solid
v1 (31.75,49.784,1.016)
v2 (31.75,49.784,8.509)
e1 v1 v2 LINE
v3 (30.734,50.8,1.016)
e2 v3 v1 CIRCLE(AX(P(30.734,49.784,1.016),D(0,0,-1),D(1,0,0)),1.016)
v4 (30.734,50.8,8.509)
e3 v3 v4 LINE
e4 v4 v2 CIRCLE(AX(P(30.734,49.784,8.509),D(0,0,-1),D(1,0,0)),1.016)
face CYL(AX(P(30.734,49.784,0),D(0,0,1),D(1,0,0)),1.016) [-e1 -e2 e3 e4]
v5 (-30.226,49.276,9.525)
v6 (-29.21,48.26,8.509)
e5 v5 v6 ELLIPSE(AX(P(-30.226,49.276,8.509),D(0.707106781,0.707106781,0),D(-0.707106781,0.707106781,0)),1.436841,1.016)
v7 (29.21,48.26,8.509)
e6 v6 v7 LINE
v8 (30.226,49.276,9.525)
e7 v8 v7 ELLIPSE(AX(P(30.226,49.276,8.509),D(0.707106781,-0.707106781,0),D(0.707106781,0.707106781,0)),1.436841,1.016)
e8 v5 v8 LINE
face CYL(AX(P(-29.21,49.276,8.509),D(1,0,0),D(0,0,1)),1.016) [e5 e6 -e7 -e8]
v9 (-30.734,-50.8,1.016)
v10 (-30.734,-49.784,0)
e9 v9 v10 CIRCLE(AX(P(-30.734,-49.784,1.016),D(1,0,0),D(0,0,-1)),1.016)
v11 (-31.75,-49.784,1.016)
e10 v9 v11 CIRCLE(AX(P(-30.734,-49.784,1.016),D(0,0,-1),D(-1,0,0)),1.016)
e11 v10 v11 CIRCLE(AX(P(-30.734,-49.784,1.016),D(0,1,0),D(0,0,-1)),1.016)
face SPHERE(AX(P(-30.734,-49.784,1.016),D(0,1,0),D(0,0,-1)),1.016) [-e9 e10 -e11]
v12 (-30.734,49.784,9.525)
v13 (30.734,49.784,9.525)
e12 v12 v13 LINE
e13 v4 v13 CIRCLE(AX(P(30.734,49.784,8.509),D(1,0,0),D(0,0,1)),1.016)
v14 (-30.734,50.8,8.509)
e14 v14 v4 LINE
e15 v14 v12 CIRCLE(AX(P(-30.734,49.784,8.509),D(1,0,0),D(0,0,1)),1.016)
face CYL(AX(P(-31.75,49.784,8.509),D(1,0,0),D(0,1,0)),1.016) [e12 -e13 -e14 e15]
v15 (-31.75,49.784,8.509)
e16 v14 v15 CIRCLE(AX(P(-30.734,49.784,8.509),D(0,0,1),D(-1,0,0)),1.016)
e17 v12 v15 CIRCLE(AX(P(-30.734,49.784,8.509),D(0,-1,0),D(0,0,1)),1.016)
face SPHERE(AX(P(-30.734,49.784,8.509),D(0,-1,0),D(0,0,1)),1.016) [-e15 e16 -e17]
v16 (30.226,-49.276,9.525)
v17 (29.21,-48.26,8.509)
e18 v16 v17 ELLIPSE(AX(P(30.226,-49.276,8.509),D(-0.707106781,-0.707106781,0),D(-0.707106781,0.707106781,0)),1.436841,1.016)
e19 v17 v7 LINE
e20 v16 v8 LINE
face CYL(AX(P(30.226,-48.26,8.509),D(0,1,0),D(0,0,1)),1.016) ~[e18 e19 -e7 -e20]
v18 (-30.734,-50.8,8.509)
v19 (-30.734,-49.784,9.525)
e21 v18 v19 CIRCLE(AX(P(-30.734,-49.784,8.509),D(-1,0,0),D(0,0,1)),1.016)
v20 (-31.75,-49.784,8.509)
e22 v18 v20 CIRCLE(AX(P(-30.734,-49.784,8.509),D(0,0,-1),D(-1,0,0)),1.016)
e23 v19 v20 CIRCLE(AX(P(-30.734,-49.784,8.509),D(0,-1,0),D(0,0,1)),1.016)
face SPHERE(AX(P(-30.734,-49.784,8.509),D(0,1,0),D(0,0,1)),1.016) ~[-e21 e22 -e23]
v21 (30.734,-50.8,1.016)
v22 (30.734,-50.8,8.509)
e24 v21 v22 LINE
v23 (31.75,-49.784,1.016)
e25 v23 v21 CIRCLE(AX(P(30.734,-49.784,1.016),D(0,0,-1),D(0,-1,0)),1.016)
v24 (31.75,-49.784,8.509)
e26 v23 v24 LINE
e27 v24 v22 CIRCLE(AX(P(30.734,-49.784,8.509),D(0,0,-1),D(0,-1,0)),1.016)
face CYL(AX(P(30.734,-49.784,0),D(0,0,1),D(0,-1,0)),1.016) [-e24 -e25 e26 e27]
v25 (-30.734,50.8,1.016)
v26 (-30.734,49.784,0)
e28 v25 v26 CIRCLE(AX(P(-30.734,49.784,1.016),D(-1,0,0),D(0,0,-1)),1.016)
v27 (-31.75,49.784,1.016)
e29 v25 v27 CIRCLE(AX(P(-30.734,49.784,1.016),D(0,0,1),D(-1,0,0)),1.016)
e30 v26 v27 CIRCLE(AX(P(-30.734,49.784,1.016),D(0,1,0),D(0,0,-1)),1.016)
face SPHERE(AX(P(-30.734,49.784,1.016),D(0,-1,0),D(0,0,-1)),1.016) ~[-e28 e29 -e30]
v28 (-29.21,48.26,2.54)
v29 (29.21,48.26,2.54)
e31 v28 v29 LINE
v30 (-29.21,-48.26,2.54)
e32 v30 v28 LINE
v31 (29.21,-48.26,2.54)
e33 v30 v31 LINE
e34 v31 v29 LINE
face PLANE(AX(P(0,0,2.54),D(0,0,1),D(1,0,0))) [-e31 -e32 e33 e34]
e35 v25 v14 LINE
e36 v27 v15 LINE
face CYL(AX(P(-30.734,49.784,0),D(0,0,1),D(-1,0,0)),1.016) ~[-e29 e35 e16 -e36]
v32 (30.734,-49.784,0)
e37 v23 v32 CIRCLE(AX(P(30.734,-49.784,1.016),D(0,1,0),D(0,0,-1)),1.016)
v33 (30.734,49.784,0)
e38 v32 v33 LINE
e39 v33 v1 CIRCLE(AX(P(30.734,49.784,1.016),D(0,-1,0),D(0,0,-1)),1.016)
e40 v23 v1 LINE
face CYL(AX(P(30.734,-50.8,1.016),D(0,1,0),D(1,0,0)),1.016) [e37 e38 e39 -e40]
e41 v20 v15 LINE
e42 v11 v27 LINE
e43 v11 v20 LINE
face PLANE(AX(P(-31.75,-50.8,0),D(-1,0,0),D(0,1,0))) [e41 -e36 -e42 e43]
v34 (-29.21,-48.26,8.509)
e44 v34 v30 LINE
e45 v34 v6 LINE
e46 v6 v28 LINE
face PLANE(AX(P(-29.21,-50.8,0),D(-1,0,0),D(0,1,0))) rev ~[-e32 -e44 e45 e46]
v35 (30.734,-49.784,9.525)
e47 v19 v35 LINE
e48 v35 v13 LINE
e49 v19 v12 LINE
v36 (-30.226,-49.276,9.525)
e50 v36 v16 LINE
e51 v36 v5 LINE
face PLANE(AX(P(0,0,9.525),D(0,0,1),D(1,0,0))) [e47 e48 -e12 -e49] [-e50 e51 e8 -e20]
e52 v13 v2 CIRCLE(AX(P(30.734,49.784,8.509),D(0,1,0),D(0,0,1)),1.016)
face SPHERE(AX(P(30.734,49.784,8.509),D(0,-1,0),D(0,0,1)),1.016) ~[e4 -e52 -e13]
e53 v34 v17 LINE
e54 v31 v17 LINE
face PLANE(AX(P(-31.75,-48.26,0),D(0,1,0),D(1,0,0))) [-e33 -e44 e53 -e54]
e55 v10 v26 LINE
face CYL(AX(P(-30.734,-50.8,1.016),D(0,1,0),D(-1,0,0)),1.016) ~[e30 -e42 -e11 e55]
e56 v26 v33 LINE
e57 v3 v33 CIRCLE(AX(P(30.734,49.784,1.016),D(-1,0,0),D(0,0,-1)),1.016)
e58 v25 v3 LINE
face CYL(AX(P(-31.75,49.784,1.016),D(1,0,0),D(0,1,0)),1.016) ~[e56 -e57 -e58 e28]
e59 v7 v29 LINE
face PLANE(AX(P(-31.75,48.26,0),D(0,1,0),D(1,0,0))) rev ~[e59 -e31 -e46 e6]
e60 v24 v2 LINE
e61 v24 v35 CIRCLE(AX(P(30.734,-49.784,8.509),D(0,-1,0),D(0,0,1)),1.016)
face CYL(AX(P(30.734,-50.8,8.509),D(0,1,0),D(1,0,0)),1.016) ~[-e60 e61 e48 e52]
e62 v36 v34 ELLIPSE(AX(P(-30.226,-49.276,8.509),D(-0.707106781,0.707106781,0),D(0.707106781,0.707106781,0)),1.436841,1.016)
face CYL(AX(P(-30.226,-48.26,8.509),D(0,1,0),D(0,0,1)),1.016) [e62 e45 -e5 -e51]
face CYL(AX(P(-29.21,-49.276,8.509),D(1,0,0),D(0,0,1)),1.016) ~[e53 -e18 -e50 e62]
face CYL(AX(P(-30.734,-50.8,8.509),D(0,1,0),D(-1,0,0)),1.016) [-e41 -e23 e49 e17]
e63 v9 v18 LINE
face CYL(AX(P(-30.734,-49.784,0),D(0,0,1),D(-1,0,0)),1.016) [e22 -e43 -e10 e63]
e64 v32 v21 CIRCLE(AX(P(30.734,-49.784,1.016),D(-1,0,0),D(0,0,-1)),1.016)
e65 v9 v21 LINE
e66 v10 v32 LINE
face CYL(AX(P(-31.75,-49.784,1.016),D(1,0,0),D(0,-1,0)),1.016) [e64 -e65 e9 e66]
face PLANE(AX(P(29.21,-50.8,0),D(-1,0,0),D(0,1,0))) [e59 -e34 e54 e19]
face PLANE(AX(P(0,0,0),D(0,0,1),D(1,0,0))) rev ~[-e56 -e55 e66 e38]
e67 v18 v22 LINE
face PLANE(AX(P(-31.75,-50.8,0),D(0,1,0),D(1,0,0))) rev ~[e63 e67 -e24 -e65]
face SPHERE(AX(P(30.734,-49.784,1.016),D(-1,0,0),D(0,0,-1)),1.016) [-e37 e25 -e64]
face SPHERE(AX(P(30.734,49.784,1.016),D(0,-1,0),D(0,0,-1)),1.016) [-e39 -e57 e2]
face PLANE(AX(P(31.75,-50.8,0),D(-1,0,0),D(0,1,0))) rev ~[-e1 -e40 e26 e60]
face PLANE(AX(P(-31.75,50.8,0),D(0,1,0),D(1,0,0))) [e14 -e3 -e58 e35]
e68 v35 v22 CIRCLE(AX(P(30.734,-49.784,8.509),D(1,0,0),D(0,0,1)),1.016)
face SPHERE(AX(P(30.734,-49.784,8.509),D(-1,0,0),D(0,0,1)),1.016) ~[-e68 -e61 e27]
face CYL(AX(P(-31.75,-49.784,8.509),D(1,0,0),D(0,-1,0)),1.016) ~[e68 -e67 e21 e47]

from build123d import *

# Parameters (mm, degrees)
F0_W     = 63.5
F0_H     = 101.6
F1_DEPTH = 9.525
F2_T     = -2.54
F3_R     = 1.016


with BuildPart() as f1:
    # F0 (on Top) → F1 (new body)
    with BuildSketch(Plane.XY):
        Rectangle(F0_W, F0_H)
    extrude(amount=F1_DEPTH)

    # F2
    f2_openings = [f1.faces().sort_by_distance(p)[0] for p in [
        (0, 0, 9.525),
    ]]
    offset(amount=F2_T, openings=f2_openings)

    # F3
    f3_edges = [f1.edges().sort_by_distance(p)[0] for p in [
        (-31.75, 0, 0),
        (0, -50.8, 0),
        (31.75, 0, 0),
        (0, 50.8, 0),
        (-31.75, 0, 9.525),
        (0, -50.8, 9.525),
        (31.75, 0, 9.525),
        (0, 50.8, 9.525),
        (-29.21, 0, 9.525),
        (0, 48.26, 9.525),
        (29.21, 0, 9.525),
        (0, -48.26, 9.525),
        (-31.75, 50.8, 4.7625),
        (-31.75, -50.8, 4.7625),
        (31.75, 50.8, 4.7625),
        (31.75, -50.8, 4.7625),
    ]]
    fillet(f3_edges, radius=F3_R)


solid = f1.part
